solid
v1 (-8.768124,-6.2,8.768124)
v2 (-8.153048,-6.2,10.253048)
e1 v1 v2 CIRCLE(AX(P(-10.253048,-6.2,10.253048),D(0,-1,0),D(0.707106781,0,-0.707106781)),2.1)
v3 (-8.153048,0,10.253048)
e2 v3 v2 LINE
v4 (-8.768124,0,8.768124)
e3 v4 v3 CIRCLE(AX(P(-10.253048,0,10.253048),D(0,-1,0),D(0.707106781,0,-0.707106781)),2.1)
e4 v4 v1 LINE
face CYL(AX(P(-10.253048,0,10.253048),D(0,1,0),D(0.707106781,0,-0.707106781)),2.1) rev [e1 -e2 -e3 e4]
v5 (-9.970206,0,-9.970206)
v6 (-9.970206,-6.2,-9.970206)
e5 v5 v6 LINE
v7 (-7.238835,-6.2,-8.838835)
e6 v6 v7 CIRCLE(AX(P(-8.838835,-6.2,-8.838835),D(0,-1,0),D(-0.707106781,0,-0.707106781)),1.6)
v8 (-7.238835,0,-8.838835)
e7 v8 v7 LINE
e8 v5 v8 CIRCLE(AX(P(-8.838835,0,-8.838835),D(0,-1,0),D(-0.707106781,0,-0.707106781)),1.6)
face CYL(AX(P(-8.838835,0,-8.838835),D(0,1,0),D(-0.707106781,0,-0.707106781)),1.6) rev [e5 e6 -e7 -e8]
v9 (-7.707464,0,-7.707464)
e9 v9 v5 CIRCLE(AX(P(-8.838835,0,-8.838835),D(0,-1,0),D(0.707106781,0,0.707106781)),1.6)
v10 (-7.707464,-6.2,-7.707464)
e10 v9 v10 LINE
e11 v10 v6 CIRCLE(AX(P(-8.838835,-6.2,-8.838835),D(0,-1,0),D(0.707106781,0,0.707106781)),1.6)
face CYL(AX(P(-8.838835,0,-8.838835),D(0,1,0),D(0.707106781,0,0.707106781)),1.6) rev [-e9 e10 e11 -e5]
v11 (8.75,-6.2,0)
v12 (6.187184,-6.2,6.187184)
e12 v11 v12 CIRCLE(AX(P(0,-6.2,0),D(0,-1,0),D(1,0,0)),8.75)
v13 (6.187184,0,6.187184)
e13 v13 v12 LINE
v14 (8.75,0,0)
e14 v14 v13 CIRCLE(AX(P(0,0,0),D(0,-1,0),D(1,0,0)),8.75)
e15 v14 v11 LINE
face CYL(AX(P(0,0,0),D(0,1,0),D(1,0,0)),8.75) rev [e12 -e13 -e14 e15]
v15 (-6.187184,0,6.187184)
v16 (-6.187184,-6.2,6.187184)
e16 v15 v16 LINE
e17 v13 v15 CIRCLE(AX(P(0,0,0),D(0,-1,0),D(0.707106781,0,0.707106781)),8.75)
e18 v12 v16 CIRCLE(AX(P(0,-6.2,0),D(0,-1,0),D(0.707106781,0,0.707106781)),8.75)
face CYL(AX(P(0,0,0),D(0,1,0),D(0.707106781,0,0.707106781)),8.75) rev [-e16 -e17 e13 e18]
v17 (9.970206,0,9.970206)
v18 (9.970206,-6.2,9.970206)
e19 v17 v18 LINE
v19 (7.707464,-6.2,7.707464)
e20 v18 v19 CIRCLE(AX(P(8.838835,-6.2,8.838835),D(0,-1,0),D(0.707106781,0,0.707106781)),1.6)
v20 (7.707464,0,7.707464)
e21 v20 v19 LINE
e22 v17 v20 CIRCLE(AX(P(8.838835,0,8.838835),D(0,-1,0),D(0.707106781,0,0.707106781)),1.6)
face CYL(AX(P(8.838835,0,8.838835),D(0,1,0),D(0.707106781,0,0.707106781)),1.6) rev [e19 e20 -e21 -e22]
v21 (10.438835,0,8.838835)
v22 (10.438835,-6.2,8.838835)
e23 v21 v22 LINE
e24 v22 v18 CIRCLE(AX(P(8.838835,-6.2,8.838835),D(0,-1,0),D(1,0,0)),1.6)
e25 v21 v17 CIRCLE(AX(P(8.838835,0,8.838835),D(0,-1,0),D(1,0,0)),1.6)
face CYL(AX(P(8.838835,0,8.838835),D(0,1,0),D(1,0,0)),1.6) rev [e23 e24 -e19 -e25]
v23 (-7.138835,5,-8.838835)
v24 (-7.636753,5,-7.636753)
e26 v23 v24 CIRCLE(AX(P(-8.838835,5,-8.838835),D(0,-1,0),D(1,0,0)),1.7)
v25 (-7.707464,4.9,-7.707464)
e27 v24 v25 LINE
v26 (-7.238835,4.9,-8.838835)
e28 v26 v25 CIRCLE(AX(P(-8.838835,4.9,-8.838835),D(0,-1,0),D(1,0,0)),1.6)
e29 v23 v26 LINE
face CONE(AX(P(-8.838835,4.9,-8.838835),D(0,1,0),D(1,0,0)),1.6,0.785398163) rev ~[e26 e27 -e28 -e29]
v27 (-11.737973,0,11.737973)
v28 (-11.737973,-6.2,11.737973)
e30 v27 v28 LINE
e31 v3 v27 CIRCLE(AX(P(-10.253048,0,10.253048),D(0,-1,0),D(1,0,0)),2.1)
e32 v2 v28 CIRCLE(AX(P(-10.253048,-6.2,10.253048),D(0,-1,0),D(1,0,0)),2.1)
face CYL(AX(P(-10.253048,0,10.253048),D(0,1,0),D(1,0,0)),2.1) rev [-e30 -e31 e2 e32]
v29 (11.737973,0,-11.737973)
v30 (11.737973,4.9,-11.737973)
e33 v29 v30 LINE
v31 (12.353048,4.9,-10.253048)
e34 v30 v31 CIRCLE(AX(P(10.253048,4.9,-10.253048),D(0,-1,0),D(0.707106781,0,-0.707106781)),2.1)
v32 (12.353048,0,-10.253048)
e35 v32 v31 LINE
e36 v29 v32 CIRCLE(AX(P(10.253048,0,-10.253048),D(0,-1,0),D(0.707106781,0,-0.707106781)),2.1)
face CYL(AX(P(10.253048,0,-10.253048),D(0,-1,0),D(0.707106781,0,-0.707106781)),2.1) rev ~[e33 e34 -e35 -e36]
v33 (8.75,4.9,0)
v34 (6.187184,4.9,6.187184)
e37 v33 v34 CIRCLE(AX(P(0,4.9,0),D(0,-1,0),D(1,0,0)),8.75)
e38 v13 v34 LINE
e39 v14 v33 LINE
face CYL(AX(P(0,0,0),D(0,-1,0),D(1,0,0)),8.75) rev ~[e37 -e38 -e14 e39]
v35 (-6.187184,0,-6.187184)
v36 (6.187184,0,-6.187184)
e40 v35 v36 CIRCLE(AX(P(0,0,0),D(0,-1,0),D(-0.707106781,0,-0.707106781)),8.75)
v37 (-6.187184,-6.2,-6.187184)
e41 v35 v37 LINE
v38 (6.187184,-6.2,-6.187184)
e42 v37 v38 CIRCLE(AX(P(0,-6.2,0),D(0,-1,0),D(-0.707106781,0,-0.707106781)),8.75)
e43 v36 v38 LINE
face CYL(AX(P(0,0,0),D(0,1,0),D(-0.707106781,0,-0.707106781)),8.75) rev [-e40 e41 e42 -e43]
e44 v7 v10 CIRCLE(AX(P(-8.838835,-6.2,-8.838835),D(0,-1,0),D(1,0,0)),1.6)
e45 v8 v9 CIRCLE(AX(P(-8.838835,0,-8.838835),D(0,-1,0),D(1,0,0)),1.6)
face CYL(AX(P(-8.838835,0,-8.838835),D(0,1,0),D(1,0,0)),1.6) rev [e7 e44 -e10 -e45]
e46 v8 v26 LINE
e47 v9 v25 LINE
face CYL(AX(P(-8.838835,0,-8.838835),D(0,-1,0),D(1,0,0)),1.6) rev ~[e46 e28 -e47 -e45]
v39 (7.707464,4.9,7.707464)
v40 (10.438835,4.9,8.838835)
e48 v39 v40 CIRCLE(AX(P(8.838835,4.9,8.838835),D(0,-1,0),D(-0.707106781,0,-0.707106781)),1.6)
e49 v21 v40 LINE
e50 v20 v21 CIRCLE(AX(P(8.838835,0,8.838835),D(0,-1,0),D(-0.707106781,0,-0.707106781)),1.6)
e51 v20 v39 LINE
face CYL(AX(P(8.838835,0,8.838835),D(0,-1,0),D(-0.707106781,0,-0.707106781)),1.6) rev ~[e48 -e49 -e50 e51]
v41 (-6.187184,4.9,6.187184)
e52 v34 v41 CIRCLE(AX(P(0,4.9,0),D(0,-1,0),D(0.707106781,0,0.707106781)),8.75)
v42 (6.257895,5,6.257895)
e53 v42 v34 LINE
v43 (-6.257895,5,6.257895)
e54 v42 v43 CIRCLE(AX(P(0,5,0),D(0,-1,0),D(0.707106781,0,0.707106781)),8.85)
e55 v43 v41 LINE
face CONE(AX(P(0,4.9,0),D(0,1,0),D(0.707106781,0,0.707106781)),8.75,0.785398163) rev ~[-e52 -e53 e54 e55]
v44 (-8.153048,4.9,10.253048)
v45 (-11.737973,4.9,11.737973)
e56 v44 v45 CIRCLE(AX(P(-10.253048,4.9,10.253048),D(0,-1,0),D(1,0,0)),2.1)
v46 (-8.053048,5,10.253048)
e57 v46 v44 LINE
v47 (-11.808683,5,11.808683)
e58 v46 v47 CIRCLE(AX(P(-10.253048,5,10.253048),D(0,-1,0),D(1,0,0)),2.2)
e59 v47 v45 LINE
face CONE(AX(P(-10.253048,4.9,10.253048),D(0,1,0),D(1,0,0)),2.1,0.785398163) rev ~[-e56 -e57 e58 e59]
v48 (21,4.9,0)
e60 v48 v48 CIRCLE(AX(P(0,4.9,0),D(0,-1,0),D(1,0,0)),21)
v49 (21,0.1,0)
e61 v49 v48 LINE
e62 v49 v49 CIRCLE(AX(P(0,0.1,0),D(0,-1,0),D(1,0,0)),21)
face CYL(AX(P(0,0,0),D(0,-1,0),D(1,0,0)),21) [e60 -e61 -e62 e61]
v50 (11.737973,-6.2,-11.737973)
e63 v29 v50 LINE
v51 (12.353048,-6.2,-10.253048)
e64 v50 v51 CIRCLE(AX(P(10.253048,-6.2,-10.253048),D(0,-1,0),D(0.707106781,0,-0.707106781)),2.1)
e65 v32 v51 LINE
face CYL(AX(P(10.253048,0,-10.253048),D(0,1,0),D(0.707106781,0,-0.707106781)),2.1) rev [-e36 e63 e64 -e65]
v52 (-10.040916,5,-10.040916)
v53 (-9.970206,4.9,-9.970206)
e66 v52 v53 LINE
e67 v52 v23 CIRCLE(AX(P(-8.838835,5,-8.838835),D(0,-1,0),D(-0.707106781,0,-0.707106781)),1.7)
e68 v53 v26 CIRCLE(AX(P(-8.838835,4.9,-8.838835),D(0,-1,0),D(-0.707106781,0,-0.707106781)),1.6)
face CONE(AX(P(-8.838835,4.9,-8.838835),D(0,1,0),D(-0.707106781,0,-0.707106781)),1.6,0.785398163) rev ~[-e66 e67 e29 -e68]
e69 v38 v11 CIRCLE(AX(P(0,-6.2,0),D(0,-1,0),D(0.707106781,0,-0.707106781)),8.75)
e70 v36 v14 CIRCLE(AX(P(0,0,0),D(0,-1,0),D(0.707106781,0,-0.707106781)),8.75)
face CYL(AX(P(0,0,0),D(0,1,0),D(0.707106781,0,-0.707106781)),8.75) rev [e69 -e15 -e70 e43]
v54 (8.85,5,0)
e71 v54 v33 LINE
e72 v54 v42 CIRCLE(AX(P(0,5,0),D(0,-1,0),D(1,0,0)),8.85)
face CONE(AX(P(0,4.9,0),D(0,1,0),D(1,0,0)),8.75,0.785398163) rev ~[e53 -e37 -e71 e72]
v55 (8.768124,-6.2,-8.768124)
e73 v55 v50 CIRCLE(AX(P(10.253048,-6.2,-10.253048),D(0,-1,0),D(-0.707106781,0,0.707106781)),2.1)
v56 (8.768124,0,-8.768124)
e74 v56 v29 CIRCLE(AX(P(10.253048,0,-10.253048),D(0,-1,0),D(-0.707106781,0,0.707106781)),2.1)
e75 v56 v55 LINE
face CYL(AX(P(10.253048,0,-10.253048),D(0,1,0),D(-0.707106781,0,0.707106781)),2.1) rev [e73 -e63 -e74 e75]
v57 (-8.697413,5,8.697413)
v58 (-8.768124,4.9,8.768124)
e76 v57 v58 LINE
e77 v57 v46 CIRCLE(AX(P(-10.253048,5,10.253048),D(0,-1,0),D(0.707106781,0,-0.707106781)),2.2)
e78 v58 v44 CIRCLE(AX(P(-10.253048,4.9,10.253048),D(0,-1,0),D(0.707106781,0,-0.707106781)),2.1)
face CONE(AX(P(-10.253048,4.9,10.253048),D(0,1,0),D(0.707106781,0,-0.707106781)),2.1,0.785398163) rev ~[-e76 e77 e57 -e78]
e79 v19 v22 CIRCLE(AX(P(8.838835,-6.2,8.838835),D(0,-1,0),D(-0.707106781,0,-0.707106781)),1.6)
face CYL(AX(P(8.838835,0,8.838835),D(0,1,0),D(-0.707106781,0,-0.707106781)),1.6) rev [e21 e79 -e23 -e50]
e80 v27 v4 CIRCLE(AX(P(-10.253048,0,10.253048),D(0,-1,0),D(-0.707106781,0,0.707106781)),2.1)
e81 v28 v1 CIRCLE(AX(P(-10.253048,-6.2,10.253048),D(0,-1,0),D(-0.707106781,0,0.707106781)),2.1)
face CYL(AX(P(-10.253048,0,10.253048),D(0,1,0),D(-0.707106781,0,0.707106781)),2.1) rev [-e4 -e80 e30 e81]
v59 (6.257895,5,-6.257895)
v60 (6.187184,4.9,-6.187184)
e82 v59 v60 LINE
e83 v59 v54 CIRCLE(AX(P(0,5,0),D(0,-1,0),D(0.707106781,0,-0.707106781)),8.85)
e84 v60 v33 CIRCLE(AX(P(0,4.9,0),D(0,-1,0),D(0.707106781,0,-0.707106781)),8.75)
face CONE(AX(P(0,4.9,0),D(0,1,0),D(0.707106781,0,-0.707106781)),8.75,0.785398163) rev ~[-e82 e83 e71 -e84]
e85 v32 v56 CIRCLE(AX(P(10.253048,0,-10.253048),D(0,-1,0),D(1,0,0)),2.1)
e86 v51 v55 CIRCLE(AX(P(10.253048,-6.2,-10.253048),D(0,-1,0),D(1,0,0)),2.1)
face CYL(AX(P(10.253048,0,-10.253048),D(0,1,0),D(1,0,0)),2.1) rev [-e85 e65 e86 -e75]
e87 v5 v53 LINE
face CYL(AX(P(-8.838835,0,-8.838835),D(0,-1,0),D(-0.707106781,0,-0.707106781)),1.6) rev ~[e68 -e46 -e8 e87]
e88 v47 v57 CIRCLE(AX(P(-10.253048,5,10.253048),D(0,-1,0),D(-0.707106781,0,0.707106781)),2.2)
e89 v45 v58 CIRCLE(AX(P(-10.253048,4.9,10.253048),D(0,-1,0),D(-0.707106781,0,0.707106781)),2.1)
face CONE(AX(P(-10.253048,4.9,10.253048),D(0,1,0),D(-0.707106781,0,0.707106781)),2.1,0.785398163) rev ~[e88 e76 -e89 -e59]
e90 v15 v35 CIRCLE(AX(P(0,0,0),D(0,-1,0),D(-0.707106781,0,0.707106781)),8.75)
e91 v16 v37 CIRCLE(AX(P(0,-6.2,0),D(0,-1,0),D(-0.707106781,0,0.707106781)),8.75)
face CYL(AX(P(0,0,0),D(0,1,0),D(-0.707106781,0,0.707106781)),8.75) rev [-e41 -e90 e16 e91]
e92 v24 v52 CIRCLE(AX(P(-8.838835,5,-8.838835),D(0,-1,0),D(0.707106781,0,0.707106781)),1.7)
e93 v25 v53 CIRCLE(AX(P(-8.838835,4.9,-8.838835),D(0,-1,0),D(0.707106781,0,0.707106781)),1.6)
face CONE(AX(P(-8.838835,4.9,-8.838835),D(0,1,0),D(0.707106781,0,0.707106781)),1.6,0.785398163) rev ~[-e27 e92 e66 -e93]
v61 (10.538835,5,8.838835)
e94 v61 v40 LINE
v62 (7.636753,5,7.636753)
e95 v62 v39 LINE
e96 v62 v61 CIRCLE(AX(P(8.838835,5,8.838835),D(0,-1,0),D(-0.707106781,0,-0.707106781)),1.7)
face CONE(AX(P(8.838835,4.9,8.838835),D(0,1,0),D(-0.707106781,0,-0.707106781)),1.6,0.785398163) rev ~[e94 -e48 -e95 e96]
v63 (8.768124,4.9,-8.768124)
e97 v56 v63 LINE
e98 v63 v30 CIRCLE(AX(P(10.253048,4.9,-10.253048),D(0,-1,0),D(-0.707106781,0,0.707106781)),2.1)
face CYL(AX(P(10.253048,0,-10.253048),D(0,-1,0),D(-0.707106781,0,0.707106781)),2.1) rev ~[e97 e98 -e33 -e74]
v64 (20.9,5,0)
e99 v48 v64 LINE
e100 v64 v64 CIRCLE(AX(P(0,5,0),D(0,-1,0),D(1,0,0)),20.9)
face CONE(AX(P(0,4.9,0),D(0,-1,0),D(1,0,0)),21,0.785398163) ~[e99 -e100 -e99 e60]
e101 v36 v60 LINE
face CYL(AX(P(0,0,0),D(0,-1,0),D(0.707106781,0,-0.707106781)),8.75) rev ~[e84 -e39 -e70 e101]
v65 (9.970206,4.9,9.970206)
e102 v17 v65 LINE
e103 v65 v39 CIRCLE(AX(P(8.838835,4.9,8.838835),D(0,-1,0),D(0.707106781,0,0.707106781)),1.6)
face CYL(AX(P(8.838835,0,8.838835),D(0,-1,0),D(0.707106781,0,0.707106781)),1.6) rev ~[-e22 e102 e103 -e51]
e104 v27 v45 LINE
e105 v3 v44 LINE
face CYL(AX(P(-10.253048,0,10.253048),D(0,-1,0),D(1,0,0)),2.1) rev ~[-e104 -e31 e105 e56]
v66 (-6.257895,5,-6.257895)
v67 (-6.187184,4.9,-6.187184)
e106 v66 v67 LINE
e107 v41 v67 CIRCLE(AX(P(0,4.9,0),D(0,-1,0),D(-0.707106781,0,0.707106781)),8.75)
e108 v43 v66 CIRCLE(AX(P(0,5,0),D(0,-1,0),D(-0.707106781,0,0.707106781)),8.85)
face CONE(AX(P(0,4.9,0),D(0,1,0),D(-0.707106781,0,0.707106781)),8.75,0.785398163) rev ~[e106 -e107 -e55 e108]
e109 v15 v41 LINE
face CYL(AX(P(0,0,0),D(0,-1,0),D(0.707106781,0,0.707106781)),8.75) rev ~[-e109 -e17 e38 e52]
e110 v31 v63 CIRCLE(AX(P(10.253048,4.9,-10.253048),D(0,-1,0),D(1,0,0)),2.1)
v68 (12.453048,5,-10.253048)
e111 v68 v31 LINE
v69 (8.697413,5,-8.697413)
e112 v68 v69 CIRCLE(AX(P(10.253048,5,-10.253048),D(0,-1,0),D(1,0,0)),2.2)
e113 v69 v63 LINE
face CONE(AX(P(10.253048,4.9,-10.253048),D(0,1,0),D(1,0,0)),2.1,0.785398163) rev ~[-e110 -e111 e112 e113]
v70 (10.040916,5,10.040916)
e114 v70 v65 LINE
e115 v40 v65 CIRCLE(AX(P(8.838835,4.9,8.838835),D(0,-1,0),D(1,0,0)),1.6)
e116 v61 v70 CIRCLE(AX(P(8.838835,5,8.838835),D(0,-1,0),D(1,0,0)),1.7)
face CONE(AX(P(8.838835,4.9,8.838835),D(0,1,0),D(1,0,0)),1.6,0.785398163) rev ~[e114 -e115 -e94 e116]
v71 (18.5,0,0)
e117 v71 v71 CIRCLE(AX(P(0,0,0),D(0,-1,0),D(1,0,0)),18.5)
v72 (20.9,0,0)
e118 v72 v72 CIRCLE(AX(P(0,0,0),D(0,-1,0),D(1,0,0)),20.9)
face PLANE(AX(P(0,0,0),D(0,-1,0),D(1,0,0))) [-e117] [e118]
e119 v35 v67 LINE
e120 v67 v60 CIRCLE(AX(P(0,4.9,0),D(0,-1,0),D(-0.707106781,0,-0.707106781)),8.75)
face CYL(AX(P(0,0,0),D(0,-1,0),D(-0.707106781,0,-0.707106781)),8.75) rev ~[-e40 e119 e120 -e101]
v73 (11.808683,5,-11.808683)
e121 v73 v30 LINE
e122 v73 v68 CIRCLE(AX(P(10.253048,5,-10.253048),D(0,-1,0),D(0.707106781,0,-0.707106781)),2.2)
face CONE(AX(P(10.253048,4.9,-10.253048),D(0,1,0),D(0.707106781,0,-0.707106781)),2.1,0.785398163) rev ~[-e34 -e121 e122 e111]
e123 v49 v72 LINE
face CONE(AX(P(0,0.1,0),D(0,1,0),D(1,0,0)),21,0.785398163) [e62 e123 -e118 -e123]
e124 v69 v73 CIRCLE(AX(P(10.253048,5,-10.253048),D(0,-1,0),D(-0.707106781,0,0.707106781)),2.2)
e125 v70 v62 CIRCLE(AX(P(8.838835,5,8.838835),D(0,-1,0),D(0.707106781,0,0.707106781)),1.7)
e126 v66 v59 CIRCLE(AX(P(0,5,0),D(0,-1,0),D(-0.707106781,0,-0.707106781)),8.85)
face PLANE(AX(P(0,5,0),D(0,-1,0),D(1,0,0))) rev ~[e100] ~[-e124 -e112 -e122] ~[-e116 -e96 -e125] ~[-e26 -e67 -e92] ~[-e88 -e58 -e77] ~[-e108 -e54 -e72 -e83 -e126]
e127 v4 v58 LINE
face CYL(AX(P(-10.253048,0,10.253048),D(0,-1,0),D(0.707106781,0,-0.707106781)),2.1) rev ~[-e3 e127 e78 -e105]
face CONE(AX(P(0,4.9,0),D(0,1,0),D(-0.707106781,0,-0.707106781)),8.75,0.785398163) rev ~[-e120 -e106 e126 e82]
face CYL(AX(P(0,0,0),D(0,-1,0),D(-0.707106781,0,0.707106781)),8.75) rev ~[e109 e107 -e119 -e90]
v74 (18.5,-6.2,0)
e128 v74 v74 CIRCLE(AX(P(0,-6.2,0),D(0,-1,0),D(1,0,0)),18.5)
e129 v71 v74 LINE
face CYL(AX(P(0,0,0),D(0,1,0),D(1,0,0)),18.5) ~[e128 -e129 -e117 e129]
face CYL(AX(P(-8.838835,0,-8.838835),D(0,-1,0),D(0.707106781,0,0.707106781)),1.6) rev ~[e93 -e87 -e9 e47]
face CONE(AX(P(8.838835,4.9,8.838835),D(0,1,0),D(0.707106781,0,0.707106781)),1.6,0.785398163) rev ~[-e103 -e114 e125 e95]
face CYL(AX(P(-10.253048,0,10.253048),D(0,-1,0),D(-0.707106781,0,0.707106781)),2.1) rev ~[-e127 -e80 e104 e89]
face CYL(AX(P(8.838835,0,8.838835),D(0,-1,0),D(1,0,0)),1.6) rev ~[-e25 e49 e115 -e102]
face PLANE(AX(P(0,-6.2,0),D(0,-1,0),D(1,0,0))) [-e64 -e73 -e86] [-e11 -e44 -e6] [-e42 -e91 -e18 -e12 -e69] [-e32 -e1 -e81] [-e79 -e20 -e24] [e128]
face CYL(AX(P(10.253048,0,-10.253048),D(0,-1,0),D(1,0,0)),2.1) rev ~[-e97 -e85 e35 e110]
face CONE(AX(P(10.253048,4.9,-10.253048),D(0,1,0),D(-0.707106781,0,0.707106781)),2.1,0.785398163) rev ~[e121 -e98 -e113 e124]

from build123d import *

# Parameters (mm, degrees)
F0_R          = 21
F1_DEPTH      = 5
F2_R          = 18.5
F3_DEPTH      = 6.2
F5_DEPTH      = 6.2
F5_DEPTH_BACK = 5
F6_SIZE       = 0.1


with BuildPart() as f1:
    # F0 (on Front) → F1 (new body)
    with BuildSketch(Plane.XZ):
        Circle(F0_R)
    extrude(amount=-F1_DEPTH)

    # F2 (on Front) → F3 (join)
    with BuildSketch(Plane.XZ):
        Circle(F2_R)
    extrude(amount=F3_DEPTH)

    # F4 (on Front) → F5 (cut, two sides)
    with BuildSketch(Plane.XZ) as f5_sk:
        with BuildLine():
            ThreePointArc((7.7074639149, 7.7074639149), (9.4511282566, 7.3606275128), (10.4388347648, 8.8388347648))
            ThreePointArc((10.4388347648, 8.8388347648), (10.3170420168, 9.4511282566), (9.9702056147, 9.9702056147))
            Line((9.9702056147, 9.9702056147), (7.7074639149, 7.7074639149))
        make_face()
        with BuildLine():
            ThreePointArc((12.3530483272, -10.2530483272), (11.0566835352, -8.3129013089), (8.7681240867, -8.7681240867))
            Line((8.7681240867, -8.7681240867), (11.7379725677, -11.7379725677))
            ThreePointArc((11.7379725677, -11.7379725677), (12.1931953455, -11.0566835352), (12.3530483272, -10.2530483272))
        make_face()
        with BuildLine():
            Line((11.7379725677, -11.7379725677), (8.7681240867, -8.7681240867))
            ThreePointArc((8.7681240867, -8.7681240867), (8.7681240867, -11.7379725677), (11.7379725677, -11.7379725677))
        make_face()
        with BuildLine():
            ThreePointArc((-7.2388347648, -8.8388347648), (-7.3606275128, -8.226541273), (-7.7074639149, -7.7074639149))
            Line((-7.7074639149, -7.7074639149), (-9.9702056147, -9.9702056147))
            ThreePointArc((-9.9702056147, -9.9702056147), (-8.226541273, -10.3170420168), (-7.2388347648, -8.8388347648))
        make_face()
        with BuildLine():
            Line((-9.9702056147, -9.9702056147), (-7.7074639149, -7.7074639149))
            ThreePointArc((-7.7074639149, -7.7074639149), (-9.9702056147, -7.7074639149), (-9.9702056147, -9.9702056147))
        make_face()
        with BuildLine():
            ThreePointArc((-11.7379725677, 11.7379725677), (-11.7379725677, 8.7681240867), (-8.7681240867, 8.7681240867))
            Line((-8.7681240867, 8.7681240867), (-11.7379725677, 11.7379725677))
        make_face()
        with BuildLine():
            Line((-11.7379725677, 11.7379725677), (-8.7681240867, 8.7681240867))
            ThreePointArc((-8.7681240867, 8.7681240867), (-8.3129013089, 9.4494131192), (-8.1530483272, 10.2530483272))
            ThreePointArc((-8.1530483272, 10.2530483272), (-9.4494131192, 12.1931953455), (-11.7379725677, 11.7379725677))
        make_face()
        with BuildLine():
            ThreePointArc((8.75, 0), (8.0839459095, 3.3484800332), (6.1871843354, 6.1871843354))
            Line((6.1871843354, 6.1871843354), (0, 0))
            Line((0, 0), (6.1871843354, -6.1871843354))
            ThreePointArc((6.1871843354, -6.1871843354), (8.0839459095, -3.3484800332), (8.75, 0))
        make_face()
        with BuildLine():
            Line((0, 0), (6.1871843354, 6.1871843354))
            ThreePointArc((6.1871843354, 6.1871843354), (0, 8.75), (-6.1871843354, 6.1871843354))
            Line((-6.1871843354, 6.1871843354), (0, 0))
        make_face()
        with BuildLine():
            Line((7.7074639149, 7.7074639149), (9.9702056147, 9.9702056147))
            ThreePointArc((9.9702056147, 9.9702056147), (7.7074639149, 9.9702056147), (7.7074639149, 7.7074639149))
        make_face()
        with BuildLine():
            Line((0, 0), (-6.1871843354, 6.1871843354))
            ThreePointArc((-6.1871843354, 6.1871843354), (-8.75, 0), (-6.1871843354, -6.1871843354))
            Line((-6.1871843354, -6.1871843354), (0, 0))
        make_face()
        with BuildLine():
            Line((6.1871843354, -6.1871843354), (0, 0))
            Line((0, 0), (-6.1871843354, -6.1871843354))
            ThreePointArc((-6.1871843354, -6.1871843354), (0, -8.75), (6.1871843354, -6.1871843354))
        make_face()
    extrude(amount=F5_DEPTH, mode=Mode.SUBTRACT)
    extrude(f5_sk.sketch, amount=-F5_DEPTH_BACK, mode=Mode.SUBTRACT)

    # F6
    f6_edges = [f1.edges().sort_by_distance(p)[0] for p in [
        (-21, 5, 0),
        (-9.970206, 5, -9.970206),
        (11.737973, 5, -11.737973),
        (6.187184, 5, 6.187184),
        (-11.737973, 5, 11.737973),
        (7.707464, 5, 7.707464),
        (-21, 0, 0),
    ]]
    chamfer(f6_edges, length=F6_SIZE)


solid = f1.part
